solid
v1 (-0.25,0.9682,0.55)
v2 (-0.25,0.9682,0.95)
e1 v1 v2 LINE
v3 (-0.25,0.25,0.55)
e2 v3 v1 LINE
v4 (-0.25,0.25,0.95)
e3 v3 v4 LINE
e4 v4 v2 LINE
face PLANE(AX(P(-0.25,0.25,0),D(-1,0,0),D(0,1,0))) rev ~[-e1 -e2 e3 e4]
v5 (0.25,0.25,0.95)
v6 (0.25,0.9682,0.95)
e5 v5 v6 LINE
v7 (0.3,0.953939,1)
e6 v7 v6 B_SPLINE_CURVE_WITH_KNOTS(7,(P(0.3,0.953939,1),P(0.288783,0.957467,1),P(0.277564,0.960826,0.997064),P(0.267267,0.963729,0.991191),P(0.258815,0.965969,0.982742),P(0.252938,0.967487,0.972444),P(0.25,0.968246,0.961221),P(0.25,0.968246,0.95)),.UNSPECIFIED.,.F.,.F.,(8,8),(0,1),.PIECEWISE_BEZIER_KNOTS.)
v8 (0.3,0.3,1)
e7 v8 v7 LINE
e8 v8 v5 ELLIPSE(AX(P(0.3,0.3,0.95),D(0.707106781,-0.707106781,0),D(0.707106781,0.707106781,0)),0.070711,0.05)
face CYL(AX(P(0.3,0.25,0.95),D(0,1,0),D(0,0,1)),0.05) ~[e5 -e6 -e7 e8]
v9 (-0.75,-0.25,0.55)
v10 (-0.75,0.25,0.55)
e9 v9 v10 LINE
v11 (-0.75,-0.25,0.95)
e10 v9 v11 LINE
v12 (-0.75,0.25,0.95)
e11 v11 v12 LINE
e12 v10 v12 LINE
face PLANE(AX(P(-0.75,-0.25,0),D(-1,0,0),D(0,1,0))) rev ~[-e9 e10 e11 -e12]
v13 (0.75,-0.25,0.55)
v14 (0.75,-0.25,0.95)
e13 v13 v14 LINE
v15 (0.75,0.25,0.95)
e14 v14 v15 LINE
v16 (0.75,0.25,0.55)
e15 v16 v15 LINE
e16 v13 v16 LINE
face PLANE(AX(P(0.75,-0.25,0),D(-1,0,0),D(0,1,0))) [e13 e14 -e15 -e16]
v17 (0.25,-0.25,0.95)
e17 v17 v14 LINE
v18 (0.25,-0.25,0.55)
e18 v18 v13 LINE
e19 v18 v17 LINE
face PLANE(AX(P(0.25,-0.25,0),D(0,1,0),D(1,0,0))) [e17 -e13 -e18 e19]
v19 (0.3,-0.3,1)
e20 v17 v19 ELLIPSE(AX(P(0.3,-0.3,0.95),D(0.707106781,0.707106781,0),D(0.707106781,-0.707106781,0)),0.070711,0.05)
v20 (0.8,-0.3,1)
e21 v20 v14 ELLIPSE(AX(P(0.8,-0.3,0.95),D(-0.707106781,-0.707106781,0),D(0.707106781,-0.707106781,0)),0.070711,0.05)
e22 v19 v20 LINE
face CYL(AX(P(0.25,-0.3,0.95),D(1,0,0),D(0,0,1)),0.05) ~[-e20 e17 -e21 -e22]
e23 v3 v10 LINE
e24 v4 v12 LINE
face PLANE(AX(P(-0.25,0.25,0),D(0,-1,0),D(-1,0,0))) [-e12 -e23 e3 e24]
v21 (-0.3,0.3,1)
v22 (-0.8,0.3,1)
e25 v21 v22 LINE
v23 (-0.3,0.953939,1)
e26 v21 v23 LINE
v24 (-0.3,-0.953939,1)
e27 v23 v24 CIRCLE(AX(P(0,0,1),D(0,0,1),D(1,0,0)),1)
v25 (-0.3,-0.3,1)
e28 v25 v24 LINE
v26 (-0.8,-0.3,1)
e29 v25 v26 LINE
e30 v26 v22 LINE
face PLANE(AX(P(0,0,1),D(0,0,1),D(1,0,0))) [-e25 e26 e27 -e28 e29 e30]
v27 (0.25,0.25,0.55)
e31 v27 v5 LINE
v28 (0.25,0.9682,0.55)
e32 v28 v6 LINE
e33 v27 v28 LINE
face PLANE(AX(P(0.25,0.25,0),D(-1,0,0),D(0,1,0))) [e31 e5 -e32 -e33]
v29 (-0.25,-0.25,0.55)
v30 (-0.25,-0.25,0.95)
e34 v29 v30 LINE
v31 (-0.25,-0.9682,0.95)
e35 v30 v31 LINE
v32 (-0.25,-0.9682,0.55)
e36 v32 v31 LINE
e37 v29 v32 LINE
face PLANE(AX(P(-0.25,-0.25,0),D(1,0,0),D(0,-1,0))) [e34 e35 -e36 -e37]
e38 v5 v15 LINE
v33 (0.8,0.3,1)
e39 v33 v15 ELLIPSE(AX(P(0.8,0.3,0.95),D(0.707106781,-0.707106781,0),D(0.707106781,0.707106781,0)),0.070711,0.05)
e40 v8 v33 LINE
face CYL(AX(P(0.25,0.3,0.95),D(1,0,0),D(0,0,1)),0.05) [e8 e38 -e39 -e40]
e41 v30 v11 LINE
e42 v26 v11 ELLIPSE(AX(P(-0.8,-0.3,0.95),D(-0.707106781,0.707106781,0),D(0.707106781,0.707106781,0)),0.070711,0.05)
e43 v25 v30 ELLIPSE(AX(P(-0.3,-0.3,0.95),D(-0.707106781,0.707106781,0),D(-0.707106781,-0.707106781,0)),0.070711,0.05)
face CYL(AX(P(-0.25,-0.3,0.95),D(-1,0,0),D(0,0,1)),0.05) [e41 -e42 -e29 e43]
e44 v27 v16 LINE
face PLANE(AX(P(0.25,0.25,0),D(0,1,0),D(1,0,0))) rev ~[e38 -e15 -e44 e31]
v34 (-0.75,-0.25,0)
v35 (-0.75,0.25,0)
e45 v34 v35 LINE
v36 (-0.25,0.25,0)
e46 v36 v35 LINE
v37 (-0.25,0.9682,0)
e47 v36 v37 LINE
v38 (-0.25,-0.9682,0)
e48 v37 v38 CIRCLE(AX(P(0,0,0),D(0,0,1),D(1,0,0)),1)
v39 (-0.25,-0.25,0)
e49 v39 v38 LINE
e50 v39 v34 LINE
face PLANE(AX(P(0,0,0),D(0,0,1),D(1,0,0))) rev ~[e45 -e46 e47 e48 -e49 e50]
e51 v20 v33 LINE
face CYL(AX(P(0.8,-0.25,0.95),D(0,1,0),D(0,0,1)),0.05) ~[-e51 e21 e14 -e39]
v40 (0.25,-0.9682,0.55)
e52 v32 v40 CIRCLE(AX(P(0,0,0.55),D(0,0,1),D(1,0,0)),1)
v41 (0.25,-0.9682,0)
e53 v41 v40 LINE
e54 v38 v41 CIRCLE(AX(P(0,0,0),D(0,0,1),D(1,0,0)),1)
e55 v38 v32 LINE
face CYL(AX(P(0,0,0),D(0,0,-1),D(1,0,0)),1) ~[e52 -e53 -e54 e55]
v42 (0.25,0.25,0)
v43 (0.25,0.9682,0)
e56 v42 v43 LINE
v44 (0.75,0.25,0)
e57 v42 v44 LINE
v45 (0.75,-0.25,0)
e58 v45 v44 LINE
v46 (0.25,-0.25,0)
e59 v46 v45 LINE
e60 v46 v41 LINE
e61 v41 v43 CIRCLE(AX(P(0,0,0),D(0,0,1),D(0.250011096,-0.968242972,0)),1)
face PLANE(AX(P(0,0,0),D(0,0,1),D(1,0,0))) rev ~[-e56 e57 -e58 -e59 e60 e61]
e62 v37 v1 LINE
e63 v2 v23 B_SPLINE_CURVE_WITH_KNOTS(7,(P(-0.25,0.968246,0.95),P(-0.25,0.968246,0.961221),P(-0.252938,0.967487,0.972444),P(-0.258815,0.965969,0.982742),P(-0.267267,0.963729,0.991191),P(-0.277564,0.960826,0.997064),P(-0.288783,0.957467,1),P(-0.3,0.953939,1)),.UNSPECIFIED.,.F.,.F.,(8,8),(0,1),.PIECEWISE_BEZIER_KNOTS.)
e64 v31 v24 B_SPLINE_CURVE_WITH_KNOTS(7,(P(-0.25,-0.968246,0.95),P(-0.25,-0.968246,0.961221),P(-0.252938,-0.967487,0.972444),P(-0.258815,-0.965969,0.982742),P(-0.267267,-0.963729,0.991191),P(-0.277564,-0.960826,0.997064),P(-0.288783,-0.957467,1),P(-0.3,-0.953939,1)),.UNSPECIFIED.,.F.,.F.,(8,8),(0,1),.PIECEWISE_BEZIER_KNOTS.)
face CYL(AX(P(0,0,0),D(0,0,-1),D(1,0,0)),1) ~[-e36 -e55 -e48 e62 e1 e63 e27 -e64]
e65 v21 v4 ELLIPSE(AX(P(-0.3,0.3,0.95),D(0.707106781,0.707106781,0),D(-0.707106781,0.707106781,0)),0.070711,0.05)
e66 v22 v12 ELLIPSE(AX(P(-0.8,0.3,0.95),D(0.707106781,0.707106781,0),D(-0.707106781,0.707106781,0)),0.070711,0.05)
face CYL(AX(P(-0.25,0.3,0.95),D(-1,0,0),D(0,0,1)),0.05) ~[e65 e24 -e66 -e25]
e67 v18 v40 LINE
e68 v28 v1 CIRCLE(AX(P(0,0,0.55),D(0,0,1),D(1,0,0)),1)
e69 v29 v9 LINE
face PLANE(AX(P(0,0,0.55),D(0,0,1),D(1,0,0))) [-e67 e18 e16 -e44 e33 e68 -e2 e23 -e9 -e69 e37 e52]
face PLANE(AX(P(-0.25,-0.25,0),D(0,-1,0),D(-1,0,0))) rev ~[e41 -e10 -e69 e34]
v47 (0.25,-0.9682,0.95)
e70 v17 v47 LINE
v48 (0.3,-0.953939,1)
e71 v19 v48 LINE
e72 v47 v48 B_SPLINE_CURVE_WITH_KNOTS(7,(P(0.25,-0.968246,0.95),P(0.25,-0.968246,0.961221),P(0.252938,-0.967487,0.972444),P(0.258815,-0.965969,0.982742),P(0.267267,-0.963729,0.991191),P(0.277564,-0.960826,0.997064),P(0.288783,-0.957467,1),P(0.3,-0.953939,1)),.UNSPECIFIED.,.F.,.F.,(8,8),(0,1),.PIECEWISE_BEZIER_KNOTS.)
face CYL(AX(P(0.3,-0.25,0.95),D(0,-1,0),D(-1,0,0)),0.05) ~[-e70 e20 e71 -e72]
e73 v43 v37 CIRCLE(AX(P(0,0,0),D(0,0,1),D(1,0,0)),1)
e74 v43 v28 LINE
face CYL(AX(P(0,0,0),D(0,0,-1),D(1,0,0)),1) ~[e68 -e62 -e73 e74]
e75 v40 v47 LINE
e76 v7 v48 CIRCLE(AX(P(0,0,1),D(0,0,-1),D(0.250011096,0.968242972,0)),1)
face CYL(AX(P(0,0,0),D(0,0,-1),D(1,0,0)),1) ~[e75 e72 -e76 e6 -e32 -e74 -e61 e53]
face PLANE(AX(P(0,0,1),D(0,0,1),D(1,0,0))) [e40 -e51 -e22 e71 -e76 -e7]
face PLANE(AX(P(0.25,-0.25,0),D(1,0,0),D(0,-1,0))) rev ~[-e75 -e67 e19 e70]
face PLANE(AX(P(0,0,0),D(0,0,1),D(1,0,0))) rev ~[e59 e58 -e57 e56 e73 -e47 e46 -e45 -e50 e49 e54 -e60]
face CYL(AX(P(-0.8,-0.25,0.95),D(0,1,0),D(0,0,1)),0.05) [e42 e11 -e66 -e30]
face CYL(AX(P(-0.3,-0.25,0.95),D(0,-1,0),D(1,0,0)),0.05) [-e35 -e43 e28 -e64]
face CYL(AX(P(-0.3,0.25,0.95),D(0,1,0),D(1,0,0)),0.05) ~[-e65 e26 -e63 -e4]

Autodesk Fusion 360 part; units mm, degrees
sketch "Sketch1" plane through (0, 0, 0) normal (0, 0, 1) x (1, 0, 0)
  circle A0 centre (0, 0) radius 1
  line L0 (0.25, 0.25) -> (0.25, 0.9682)
  line L1 (0.25, -0.25) -> (0.25, -0.9682)
  line L2 (-0.25, 0.25) -> (-0.25, 0.9682)
  line L3 (-0.25, -0.25) -> (-0.25, -0.9682)
  line L4 (0.25, 0.25) -> (0.75, 0.25)
  line L5 (0.25, -0.25) -> (0.75, -0.25)
  line L6 (-0.25, -0.25) -> (-0.75, -0.25)
  line L7 (-0.25, 0.25) -> (-0.75, 0.25)
  line L8 (-0.75, -0.25) -> (-0.75, 0.25)
  line L9 (0.75, -0.25) -> (0.75, 0.25)
extrude "Extrude2" add sketch "Sketch1" along normal blind 0.55 contours A0 L0 L1 L2 L3 L4 L5 L6 L7 L8 L9
extrude "Extrude3" add sketch "Sketch1" along normal blind 1 contours A0 L0 L1 L4 L5 L9 | A0 L2 L3 L6 L7 L8
fillet "Fillet1" radius 0.05 10 edges at (-0.5, 0.25, 1) (-0.25, 0.6091, 1) (-0.75, 0, 1) (-0.5, -0.25, 1) (-0.25, -0.6091, 1) (0.25, -0.6091, 1) (0.5, -0.25, 1) (0.5, 0.25, 1) (0.75, 0, 1) (0.25, 0.6091, 1)
